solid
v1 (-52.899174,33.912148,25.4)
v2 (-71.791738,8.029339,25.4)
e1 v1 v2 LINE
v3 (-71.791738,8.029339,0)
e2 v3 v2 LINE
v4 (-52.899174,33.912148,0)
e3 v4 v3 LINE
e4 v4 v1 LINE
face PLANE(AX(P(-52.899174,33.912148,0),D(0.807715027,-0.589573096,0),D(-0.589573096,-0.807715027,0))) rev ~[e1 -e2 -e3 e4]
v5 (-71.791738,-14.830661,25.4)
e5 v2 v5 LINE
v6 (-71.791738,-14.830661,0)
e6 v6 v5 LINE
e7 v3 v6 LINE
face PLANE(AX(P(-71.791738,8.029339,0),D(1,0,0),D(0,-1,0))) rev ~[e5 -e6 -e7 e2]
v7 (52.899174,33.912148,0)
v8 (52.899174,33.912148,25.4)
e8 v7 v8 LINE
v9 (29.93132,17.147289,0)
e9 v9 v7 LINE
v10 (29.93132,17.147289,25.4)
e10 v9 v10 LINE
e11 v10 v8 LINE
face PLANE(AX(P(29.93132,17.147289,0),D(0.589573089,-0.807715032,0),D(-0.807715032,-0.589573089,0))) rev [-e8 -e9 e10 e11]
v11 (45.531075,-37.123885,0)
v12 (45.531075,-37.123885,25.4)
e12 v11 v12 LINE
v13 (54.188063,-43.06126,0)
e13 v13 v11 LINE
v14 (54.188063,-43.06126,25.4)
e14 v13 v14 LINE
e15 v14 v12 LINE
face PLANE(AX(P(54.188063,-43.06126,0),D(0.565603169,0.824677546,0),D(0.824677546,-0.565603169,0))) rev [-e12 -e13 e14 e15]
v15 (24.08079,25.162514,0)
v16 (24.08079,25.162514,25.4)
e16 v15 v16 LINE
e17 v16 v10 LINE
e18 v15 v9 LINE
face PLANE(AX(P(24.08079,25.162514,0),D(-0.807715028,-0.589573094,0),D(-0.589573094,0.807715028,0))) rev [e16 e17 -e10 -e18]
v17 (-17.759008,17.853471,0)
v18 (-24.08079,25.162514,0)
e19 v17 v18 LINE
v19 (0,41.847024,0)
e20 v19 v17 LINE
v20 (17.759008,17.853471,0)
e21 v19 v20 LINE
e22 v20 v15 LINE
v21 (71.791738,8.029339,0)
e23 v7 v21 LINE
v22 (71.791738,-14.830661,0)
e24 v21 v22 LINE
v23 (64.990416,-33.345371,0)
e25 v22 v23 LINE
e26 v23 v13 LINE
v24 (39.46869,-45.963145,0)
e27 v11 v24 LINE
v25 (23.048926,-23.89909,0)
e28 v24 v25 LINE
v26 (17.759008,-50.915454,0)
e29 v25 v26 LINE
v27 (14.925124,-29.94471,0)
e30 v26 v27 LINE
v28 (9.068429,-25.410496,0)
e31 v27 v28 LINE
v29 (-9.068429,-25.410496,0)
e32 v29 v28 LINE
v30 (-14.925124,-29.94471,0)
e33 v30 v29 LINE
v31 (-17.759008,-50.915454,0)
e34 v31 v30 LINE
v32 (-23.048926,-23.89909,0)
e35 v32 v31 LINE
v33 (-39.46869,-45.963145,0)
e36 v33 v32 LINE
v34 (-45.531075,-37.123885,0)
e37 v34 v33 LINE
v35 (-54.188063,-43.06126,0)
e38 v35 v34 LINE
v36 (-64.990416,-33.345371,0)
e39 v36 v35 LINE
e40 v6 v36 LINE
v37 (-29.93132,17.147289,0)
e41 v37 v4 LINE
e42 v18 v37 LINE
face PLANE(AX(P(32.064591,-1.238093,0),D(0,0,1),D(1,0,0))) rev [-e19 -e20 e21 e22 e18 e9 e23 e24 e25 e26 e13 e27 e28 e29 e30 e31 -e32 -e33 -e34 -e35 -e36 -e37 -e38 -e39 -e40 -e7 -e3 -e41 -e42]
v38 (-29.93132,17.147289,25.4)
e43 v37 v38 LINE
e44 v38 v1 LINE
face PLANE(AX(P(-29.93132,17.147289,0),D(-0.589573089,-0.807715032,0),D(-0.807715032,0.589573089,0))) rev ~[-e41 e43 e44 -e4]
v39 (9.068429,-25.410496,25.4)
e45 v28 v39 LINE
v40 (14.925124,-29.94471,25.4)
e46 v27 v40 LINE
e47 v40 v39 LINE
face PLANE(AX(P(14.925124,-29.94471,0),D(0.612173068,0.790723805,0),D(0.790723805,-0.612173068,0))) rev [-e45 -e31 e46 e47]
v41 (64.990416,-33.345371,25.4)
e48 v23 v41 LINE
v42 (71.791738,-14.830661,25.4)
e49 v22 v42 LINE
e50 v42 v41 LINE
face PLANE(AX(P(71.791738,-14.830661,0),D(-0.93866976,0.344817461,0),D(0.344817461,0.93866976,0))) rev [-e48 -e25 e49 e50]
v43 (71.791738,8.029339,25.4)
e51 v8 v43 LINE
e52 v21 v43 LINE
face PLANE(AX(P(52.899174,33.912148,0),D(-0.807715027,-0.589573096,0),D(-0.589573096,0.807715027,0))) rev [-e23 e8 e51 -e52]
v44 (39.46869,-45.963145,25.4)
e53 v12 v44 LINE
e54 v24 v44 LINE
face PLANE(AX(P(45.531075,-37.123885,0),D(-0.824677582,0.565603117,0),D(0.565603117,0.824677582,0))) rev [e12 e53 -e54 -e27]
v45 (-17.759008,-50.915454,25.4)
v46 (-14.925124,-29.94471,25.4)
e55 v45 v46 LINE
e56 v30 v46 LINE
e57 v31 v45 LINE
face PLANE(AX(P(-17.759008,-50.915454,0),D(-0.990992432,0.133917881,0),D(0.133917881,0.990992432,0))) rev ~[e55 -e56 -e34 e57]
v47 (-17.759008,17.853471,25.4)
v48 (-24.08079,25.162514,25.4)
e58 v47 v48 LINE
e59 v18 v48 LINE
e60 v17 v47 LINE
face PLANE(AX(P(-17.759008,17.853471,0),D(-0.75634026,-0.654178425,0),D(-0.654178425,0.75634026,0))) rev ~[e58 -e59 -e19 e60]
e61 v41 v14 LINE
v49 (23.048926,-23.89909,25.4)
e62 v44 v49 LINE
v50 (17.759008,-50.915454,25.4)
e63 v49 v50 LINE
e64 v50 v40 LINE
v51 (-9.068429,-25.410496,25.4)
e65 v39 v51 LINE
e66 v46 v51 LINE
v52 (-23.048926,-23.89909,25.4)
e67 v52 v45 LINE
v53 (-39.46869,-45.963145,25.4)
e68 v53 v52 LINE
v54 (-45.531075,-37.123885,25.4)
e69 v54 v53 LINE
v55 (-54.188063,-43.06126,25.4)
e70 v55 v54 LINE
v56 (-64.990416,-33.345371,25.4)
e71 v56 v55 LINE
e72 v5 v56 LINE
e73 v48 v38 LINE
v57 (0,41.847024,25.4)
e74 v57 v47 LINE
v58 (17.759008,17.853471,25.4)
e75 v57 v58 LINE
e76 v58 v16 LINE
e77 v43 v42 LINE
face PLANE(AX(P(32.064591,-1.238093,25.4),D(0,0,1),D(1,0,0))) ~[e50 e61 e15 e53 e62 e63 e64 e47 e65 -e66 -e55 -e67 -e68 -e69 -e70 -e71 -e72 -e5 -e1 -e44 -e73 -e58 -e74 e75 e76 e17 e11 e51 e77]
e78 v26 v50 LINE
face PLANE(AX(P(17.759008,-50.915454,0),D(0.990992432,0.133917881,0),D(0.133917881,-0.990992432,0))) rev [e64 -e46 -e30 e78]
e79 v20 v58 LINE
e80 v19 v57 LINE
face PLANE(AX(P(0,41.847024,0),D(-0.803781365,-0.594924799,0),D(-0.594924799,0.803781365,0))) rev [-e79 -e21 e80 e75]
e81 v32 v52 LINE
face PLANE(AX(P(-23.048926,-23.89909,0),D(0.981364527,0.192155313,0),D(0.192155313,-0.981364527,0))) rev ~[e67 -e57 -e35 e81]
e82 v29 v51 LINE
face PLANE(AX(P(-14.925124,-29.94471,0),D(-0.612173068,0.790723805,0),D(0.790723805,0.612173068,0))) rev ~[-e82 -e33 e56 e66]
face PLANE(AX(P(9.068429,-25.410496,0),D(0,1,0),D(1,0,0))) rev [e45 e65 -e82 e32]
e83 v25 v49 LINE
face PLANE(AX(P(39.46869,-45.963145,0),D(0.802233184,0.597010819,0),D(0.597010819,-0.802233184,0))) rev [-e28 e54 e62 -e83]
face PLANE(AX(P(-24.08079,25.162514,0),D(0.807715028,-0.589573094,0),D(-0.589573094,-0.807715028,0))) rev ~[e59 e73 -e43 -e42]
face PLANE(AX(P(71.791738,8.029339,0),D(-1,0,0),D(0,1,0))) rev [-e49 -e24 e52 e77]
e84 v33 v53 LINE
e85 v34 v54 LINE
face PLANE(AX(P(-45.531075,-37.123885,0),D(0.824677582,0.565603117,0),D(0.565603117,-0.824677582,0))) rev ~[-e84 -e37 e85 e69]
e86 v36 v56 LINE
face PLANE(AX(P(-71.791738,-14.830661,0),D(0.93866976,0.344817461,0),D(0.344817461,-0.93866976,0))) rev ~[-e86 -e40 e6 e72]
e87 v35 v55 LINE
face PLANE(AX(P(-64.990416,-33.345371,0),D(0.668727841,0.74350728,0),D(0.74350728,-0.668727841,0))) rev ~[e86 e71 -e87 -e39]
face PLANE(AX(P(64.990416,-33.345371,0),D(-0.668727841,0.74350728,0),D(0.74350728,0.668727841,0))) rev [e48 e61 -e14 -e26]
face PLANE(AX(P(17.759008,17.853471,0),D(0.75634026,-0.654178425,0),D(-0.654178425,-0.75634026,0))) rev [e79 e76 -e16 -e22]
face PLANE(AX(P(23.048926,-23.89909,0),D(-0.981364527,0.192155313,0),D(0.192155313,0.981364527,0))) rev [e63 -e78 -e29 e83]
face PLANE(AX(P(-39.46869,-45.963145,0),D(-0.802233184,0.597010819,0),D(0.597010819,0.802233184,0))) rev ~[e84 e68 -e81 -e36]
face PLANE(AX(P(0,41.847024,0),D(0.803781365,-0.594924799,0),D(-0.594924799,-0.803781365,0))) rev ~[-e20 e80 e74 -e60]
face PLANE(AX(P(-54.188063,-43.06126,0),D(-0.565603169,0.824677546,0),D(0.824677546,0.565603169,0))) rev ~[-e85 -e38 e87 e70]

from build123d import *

# Parameters (mm, degrees)
F1_DEPTH = 25.4


with BuildPart() as f1:
    # F0 (on Top) → F1 (new body)
    with BuildSketch(Plane.XY):
        Polygon((-9.068429, -25.410496), (0, -25.410496), (0, 41.847024), (-17.759008, 17.853471), (-24.08079, 25.162514), (-29.93132, 17.147289), (-52.899174, 33.912148), (-71.791738, 8.029339), (-71.791738, -14.830661), (-64.990416, -33.345371), (-54.188063, -43.06126), (-45.531075, -37.123885), (-39.46869, -45.963145), (-23.048926, -23.89909), (-14.925124, -29.94471), align=None)
        Polygon((-17.759008, -50.915454), (-14.925124, -29.94471), (-23.048926, -23.89909), align=None)
    extrude(amount=F1_DEPTH)

    # F2: F1 across plane


with BuildPart() as f1_1:
    add(f1.part)
    add(f1.part.mirror(Plane.YZ))


solid = f1_1.part
